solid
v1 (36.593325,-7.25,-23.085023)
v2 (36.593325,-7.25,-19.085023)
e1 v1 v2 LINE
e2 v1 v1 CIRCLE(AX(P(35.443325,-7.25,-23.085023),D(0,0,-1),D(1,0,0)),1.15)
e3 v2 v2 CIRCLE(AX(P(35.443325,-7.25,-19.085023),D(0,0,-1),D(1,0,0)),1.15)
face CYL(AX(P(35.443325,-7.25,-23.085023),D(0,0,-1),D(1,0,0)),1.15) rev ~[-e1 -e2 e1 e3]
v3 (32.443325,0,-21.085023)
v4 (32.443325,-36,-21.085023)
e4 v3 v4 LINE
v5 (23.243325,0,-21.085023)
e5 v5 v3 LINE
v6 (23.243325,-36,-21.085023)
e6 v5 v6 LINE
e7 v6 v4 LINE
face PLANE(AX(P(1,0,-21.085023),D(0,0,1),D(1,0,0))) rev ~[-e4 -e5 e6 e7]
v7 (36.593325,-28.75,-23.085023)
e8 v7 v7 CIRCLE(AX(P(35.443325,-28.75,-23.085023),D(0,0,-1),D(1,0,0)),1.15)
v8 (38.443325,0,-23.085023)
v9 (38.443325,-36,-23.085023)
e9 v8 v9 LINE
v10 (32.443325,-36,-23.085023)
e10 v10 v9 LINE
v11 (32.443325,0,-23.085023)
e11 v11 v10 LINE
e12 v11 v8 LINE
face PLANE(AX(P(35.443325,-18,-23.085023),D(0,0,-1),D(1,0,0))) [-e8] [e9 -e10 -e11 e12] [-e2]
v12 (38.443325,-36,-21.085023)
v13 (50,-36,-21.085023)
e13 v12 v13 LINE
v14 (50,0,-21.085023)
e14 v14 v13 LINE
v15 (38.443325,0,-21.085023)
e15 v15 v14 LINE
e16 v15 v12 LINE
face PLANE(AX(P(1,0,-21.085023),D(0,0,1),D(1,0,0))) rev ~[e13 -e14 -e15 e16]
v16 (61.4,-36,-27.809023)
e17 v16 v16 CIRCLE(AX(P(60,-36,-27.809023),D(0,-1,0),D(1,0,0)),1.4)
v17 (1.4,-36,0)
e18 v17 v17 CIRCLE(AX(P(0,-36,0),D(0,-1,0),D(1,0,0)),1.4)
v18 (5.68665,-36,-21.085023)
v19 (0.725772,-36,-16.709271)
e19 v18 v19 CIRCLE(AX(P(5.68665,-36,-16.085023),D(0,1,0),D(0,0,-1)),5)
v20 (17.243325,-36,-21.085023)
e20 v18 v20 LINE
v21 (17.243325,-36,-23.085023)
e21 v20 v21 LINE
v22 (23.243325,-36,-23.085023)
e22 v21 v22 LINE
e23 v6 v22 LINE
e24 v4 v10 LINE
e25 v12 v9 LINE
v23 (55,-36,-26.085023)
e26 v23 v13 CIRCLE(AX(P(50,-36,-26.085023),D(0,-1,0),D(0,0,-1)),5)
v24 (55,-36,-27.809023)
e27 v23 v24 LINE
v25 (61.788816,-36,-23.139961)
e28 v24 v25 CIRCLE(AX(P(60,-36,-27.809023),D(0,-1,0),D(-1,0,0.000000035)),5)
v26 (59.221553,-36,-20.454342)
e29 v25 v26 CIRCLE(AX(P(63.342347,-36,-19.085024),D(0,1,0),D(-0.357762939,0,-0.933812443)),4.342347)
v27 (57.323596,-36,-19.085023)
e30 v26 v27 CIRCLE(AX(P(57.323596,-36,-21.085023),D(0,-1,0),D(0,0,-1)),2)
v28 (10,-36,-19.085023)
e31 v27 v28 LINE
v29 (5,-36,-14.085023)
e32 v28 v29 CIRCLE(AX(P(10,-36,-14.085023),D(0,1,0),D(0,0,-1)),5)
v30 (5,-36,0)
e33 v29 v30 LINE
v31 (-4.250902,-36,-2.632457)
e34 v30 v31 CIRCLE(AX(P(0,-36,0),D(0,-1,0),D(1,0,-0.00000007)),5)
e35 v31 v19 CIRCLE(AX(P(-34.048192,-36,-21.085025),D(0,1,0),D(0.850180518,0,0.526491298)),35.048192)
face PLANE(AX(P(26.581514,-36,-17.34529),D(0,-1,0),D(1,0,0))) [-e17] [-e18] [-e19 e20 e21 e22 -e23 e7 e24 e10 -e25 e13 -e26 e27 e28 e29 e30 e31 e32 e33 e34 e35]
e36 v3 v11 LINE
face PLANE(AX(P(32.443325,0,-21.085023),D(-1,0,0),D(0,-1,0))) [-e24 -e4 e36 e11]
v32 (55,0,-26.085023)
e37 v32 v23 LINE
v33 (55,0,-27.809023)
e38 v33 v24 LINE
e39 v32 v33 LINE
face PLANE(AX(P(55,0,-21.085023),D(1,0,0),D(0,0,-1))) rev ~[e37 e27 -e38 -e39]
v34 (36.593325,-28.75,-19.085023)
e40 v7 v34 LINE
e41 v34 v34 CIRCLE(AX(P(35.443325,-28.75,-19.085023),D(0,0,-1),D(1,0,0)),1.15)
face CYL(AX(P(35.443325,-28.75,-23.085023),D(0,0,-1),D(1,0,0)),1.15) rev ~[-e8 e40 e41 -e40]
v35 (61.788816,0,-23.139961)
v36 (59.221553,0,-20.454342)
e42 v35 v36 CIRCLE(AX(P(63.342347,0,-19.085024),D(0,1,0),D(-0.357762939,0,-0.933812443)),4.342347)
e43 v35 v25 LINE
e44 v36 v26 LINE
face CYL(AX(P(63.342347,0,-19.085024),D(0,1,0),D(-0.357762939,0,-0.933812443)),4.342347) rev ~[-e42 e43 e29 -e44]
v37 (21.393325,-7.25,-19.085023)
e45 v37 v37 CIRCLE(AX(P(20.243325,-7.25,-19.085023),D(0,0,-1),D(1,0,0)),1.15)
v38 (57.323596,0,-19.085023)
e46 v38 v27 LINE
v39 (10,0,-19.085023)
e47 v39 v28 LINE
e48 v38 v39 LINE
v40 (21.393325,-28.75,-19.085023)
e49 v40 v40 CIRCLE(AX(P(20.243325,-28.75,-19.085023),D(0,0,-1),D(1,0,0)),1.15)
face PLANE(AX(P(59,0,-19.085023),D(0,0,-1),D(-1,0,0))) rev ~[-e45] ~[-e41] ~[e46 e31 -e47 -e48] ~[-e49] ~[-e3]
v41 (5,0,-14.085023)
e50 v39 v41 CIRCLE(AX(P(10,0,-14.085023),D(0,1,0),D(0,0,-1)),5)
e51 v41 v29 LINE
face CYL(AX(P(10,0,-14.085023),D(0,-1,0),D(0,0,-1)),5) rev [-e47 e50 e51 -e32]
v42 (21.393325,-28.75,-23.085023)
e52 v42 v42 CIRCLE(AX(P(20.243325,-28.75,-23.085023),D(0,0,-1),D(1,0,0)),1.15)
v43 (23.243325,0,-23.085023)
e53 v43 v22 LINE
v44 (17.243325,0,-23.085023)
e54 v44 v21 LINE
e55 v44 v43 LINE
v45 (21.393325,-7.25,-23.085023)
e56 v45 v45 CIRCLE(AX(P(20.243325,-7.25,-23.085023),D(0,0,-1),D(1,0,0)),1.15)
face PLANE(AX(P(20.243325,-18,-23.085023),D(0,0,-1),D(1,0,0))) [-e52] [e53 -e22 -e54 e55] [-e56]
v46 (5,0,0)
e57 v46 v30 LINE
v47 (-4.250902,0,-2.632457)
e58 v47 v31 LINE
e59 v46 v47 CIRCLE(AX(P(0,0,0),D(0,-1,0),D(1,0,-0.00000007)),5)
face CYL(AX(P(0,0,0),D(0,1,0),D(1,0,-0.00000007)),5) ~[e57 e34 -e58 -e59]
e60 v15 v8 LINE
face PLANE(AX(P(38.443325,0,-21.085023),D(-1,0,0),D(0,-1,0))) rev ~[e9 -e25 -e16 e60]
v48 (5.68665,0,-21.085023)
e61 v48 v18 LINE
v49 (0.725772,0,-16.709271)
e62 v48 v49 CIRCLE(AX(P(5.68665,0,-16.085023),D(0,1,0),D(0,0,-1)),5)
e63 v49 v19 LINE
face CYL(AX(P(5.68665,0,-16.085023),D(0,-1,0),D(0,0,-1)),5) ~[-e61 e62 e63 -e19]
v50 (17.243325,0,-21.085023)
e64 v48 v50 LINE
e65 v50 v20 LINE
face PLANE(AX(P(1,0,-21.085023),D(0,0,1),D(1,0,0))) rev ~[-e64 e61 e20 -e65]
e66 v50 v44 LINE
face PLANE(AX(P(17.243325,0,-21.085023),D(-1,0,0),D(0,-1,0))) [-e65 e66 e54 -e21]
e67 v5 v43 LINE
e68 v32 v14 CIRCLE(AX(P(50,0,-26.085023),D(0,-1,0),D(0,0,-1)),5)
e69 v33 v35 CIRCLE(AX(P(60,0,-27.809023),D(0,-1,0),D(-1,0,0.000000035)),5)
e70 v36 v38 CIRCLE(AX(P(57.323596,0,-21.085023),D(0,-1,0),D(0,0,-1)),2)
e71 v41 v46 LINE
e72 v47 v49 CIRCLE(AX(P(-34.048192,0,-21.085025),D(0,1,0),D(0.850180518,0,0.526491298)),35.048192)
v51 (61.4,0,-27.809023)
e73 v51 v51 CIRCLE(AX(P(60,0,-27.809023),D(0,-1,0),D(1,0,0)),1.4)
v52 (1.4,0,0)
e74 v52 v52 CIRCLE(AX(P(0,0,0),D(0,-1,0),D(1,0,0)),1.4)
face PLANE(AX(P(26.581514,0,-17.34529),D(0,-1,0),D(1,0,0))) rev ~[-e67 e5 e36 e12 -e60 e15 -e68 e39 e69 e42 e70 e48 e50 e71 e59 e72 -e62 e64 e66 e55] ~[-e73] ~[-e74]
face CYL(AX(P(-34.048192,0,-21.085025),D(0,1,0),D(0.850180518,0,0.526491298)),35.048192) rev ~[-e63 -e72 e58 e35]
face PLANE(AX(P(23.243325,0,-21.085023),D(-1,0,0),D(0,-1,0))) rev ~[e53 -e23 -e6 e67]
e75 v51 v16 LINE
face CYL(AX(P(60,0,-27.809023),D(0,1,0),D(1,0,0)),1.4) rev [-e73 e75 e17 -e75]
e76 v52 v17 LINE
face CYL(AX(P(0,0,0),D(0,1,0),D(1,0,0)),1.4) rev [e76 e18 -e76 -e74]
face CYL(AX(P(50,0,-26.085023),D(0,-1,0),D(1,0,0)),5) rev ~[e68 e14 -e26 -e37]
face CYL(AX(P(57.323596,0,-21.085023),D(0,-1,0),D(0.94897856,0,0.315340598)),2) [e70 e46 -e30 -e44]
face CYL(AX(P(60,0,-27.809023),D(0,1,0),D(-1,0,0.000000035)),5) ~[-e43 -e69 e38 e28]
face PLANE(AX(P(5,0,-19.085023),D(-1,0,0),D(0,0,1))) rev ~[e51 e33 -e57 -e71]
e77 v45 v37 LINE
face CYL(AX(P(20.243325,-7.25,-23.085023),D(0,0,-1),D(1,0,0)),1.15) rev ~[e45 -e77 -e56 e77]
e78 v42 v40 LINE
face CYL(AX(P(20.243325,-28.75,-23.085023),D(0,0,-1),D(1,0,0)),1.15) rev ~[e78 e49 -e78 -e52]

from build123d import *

# Parameters (mm, degrees)
F0_R     = 1.4
F1_DEPTH = 36
F2_R     = 5
F3_W     = 6
F3_H     = 36
F4_DEPTH = 2
F5_R     = 2
F6_R     = 1.15
F7_DEPTH = 4


with BuildPart() as f1:
    # F0 (on Front) → F1 (new body)
    with BuildSketch(Plane.XZ):
        with BuildLine():
            Line((55, -21.085023), (55, -27.809023))
            ThreePointArc((55, -27.809023), (62.833366, -31.928737), (61.788816, -23.139961))
            ThreePointArc((61.788816, -23.139961), (59.764502, -21.545715), (59, -19.085023))
            Line((59, -19.085023), (5, -19.085023))
            Line((5, -19.085023), (5, 0))
            ThreePointArc((5, 0), (-1.368482, 4.809081), (-4.250902, -2.632457))
            ThreePointArc((-4.250902, -2.632457), (-0.338276, -11.492459), (1, -21.085023))
            Line((1, -21.085023), (55, -21.085023))
        make_face()
        with Locations((60, -27.809023)):
            Circle(F0_R, mode=Mode.SUBTRACT)
        Circle(F0_R, mode=Mode.SUBTRACT)
    extrude(amount=F1_DEPTH)

    # F2
    f2_edges = [f1.edges().sort_by_distance(p)[0] for p in [
        (5, -18, -19.085023),
        (1, -18, -21.085023),
        (55, -18, -21.085023),
    ]]
    fillet(f2_edges, radius=F2_R)

    # F3 (on face) → F4 (join)
    with BuildSketch(Plane(origin=(0, 0, -21.085023), x_dir=(1, 0, 0), z_dir=(0, 0, -1))):
        with Locations((20.243325, 18)):
            Rectangle(F3_W, F3_H)
        with Locations((35.443325, 18)):
            Rectangle(F3_W, F3_H)
    extrude(amount=F4_DEPTH)

    # F5
    f5_edges = [f1.edges().sort_by_distance(p)[0] for p in [
        (59, -18, -19.085023),
    ]]
    fillet(f5_edges, radius=F5_R)

    # F6 (on face) → F7 (cut, through all)
    with BuildSketch(Plane(origin=(0, 0, -23.085023), x_dir=(1, 0, 0), z_dir=(0, 0, -1))):
        with Locations((20.243325, 28.75)):
            Circle(F6_R)
        with Locations((35.443325, 28.75)):
            Circle(F6_R)
        with Locations((20.243325, 7.25)):
            Circle(F6_R)
        with Locations((35.443325, 7.25)):
            Circle(F6_R)
    extrude(amount=-F7_DEPTH, mode=Mode.SUBTRACT)


solid = f1.part
